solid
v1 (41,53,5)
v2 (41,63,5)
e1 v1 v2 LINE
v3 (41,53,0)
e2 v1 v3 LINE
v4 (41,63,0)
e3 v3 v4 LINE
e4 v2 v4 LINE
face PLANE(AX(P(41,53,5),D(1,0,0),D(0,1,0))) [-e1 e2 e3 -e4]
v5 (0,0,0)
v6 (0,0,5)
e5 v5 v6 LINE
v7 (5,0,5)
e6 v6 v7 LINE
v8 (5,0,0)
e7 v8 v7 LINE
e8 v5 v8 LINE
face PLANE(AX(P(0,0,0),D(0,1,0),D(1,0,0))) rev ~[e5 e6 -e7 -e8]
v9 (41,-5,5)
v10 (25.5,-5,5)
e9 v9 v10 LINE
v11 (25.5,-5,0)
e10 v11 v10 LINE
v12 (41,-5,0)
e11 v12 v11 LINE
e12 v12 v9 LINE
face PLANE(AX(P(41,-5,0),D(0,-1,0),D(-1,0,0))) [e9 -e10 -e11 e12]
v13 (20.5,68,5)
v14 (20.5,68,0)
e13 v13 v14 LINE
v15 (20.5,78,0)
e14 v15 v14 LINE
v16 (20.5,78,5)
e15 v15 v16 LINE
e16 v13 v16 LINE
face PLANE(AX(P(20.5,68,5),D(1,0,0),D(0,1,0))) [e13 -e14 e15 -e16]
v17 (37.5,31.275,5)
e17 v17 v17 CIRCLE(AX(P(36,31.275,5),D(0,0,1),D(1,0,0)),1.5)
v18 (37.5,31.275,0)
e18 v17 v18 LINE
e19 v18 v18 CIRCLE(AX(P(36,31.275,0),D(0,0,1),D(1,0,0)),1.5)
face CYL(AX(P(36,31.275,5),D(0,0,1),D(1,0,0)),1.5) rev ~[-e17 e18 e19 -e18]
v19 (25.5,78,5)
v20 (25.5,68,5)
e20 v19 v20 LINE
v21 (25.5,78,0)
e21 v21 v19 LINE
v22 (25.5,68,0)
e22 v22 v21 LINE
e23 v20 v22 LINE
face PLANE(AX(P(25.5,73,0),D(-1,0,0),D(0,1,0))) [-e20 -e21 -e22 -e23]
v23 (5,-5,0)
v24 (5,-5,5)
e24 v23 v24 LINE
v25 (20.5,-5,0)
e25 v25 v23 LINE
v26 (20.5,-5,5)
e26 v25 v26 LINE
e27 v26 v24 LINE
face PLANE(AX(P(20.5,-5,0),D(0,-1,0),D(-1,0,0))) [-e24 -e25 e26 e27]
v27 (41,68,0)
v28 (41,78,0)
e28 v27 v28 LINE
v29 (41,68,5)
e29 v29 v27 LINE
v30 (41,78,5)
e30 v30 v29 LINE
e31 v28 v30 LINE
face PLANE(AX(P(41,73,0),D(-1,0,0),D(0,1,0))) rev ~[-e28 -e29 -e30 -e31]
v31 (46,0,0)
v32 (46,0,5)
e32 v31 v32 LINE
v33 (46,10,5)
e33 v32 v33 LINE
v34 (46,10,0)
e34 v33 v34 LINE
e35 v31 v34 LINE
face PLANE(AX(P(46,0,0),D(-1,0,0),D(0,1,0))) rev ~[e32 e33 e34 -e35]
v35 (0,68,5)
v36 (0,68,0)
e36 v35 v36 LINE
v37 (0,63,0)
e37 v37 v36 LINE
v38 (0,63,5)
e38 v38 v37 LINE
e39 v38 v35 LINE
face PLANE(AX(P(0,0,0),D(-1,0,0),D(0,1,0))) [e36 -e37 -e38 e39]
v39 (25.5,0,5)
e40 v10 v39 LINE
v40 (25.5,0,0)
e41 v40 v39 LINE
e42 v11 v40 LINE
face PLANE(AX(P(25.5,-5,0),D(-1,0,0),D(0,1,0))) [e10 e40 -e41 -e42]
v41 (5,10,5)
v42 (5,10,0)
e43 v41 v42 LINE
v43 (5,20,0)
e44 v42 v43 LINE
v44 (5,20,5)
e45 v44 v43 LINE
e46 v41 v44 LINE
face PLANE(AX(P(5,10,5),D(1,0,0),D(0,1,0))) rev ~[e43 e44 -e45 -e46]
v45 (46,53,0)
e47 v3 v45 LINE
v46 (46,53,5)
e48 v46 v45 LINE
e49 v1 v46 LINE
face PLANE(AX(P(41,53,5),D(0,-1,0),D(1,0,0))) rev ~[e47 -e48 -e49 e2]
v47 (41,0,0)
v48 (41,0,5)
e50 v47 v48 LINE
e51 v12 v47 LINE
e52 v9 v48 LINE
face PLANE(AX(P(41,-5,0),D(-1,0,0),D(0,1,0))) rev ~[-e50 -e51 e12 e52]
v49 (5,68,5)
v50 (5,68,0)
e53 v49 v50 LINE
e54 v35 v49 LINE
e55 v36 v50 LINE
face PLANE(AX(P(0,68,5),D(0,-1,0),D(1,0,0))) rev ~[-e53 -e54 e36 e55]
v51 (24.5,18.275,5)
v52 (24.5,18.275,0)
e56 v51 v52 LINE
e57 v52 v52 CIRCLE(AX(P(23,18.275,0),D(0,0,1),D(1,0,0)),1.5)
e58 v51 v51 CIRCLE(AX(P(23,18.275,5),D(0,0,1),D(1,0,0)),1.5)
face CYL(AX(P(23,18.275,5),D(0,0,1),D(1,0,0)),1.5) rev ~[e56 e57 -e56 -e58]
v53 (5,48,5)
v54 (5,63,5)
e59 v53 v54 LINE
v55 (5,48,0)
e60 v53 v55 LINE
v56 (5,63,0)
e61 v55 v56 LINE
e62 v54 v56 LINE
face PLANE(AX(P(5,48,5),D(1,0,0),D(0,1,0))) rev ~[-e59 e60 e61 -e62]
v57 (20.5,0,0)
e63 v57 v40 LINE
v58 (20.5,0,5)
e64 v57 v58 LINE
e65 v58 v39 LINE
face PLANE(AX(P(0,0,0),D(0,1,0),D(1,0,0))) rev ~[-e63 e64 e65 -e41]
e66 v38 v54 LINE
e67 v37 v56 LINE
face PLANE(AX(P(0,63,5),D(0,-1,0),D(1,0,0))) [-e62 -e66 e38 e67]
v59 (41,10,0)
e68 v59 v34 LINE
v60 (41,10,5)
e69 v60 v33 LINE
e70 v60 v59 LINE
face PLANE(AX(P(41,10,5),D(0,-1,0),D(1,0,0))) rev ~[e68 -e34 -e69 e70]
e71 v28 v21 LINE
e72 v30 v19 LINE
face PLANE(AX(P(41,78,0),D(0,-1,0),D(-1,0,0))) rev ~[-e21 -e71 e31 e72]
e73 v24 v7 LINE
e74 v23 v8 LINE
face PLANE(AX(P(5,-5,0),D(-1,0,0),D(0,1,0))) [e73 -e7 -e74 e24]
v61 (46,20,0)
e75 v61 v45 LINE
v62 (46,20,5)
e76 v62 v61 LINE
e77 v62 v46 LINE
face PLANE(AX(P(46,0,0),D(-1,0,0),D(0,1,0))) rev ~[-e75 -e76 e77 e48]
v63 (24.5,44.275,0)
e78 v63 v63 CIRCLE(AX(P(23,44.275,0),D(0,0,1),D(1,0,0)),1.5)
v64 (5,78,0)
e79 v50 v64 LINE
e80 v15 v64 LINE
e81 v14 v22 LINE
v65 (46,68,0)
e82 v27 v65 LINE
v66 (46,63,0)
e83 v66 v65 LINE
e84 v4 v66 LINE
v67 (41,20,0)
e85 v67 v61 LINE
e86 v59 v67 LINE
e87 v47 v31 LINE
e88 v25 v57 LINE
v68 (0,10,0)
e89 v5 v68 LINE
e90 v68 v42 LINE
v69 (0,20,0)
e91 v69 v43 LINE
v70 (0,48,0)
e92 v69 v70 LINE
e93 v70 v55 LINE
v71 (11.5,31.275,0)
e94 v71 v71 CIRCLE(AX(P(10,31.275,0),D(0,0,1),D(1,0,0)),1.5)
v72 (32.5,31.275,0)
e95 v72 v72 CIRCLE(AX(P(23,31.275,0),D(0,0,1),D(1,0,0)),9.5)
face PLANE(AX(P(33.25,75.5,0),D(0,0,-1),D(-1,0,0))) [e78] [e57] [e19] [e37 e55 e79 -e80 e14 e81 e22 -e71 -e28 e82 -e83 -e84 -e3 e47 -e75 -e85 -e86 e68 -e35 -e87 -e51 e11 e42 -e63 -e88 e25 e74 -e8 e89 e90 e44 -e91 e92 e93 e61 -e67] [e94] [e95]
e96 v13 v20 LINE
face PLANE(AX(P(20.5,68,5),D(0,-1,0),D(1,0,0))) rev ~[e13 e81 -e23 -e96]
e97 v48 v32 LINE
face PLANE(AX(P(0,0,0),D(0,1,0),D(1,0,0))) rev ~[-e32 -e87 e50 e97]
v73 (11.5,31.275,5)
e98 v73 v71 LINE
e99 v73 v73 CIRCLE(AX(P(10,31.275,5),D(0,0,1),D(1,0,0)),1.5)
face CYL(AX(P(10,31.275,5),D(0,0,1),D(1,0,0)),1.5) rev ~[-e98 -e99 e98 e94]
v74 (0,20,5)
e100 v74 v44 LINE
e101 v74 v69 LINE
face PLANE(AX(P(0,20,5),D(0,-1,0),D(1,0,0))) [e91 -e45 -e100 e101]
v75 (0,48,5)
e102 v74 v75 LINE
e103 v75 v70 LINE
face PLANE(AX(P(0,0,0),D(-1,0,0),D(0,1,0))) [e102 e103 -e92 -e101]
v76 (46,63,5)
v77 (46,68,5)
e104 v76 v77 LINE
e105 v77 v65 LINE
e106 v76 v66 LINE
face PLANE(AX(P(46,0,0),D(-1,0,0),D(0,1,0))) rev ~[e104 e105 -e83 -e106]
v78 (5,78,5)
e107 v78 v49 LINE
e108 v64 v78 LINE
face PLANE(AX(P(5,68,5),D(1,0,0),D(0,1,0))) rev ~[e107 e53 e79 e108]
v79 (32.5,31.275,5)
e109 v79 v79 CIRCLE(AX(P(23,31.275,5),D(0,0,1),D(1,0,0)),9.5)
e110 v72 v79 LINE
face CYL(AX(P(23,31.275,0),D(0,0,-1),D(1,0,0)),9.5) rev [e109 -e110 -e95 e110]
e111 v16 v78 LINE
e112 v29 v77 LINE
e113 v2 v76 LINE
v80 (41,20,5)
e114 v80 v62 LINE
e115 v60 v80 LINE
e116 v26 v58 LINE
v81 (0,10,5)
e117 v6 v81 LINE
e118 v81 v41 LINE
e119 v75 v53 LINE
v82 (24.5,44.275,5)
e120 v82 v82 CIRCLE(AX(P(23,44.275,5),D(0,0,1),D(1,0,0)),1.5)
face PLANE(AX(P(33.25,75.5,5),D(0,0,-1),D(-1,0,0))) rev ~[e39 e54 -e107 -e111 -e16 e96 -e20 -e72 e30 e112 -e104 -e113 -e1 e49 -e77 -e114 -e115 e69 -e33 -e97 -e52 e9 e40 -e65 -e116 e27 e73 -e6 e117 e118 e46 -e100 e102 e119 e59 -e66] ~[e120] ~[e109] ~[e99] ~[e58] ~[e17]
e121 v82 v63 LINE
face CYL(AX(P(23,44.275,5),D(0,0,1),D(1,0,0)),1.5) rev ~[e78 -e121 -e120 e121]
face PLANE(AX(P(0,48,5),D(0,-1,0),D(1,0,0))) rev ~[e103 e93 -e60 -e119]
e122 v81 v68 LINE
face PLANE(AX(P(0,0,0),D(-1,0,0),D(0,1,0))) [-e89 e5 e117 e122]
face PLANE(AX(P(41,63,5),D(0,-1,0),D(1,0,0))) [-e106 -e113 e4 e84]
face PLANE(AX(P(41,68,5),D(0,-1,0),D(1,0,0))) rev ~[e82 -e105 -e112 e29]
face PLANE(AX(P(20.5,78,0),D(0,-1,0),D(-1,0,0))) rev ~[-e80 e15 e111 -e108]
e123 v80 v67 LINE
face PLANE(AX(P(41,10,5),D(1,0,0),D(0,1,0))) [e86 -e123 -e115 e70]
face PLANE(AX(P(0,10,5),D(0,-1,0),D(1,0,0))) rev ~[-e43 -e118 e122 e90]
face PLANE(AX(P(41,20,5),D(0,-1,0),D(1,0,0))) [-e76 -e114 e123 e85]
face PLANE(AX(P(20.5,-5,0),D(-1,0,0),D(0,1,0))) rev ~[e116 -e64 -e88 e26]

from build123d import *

# Parameters (mm, degrees)
ESQUISSE1_W             = 46
ESQUISSE1_H             = 73
ESQUISSE1_R             = 9.5
BOSS_EXTRU_1_DEPTH      = 5
ESQUISSE2_R             = 1.5
ESQUISSE2_W             = 5
ESQUISSE2_H             = 10
ESQUISSE2_H_2           = 5
ESQUISSE2_H_3           = 15
ENL_V_MAT_EXTRU_1_DEPTH = 5
ESQUISSE3_W             = 15.5
ESQUISSE3_H             = 5
BOSS_EXTRU_2_DEPTH      = 5


with BuildPart() as part:
    # Esquisse1 → Boss.-Extru.1 (new body)
    with BuildSketch(Plane.XY):
        with Locations((23, 36.5)):
            Rectangle(ESQUISSE1_W, ESQUISSE1_H)
        with Locations((23, 31.275)):
            Circle(ESQUISSE1_R, mode=Mode.SUBTRACT)
    extrude(amount=BOSS_EXTRU_1_DEPTH)

    # Esquisse2 → Enlèv. mat.-Extru.1 (cut)
    with BuildSketch(Plane.XY.offset(5)):
        with Locations((23, 44.275)):
            Circle(ESQUISSE2_R)
        with Locations((36, 31.275)):
            Circle(ESQUISSE2_R)
        with Locations((23, 18.275)):
            Circle(ESQUISSE2_R)
        with Locations((10, 31.275)):
            Circle(ESQUISSE2_R)
        with Locations((43.5, 58)):
            Rectangle(ESQUISSE2_W, ESQUISSE2_H)
        with Locations((2.5, 70.5)):
            Rectangle(ESQUISSE2_W, ESQUISSE2_H_2)
        with Locations((43.5, 15)):
            Rectangle(ESQUISSE2_W, ESQUISSE2_H)
        with Locations((2.5, 15)):
            Rectangle(ESQUISSE2_W, ESQUISSE2_H)
        with Locations((2.5, 55.5)):
            Rectangle(ESQUISSE2_W, ESQUISSE2_H_3)
        with Locations((43.5, 70.5)):
            Rectangle(ESQUISSE2_W, ESQUISSE2_H_2)
        with Locations((23, 70.5)):
            Rectangle(ESQUISSE2_W, ESQUISSE2_H_2)
    extrude(amount=-ENL_V_MAT_EXTRU_1_DEPTH, mode=Mode.SUBTRACT)

    # Esquisse3 → Boss.-Extru.2 (add)
    with BuildSketch(Plane(origin=(0, 0, 0), x_dir=(-1, 0, 0), z_dir=(0, 0, -1))):
        with Locations((-33.25, 75.5)):
            Rectangle(ESQUISSE3_W, ESQUISSE3_H)
        with Locations((-12.75, 75.5)):
            Rectangle(ESQUISSE3_W, ESQUISSE3_H)
        with Locations((-33.25, -2.5)):
            Rectangle(ESQUISSE3_W, ESQUISSE3_H)
        with Locations((-12.75, -2.5)):
            Rectangle(ESQUISSE3_W, ESQUISSE3_H)
    extrude(amount=-BOSS_EXTRU_2_DEPTH)


solid = part.part
